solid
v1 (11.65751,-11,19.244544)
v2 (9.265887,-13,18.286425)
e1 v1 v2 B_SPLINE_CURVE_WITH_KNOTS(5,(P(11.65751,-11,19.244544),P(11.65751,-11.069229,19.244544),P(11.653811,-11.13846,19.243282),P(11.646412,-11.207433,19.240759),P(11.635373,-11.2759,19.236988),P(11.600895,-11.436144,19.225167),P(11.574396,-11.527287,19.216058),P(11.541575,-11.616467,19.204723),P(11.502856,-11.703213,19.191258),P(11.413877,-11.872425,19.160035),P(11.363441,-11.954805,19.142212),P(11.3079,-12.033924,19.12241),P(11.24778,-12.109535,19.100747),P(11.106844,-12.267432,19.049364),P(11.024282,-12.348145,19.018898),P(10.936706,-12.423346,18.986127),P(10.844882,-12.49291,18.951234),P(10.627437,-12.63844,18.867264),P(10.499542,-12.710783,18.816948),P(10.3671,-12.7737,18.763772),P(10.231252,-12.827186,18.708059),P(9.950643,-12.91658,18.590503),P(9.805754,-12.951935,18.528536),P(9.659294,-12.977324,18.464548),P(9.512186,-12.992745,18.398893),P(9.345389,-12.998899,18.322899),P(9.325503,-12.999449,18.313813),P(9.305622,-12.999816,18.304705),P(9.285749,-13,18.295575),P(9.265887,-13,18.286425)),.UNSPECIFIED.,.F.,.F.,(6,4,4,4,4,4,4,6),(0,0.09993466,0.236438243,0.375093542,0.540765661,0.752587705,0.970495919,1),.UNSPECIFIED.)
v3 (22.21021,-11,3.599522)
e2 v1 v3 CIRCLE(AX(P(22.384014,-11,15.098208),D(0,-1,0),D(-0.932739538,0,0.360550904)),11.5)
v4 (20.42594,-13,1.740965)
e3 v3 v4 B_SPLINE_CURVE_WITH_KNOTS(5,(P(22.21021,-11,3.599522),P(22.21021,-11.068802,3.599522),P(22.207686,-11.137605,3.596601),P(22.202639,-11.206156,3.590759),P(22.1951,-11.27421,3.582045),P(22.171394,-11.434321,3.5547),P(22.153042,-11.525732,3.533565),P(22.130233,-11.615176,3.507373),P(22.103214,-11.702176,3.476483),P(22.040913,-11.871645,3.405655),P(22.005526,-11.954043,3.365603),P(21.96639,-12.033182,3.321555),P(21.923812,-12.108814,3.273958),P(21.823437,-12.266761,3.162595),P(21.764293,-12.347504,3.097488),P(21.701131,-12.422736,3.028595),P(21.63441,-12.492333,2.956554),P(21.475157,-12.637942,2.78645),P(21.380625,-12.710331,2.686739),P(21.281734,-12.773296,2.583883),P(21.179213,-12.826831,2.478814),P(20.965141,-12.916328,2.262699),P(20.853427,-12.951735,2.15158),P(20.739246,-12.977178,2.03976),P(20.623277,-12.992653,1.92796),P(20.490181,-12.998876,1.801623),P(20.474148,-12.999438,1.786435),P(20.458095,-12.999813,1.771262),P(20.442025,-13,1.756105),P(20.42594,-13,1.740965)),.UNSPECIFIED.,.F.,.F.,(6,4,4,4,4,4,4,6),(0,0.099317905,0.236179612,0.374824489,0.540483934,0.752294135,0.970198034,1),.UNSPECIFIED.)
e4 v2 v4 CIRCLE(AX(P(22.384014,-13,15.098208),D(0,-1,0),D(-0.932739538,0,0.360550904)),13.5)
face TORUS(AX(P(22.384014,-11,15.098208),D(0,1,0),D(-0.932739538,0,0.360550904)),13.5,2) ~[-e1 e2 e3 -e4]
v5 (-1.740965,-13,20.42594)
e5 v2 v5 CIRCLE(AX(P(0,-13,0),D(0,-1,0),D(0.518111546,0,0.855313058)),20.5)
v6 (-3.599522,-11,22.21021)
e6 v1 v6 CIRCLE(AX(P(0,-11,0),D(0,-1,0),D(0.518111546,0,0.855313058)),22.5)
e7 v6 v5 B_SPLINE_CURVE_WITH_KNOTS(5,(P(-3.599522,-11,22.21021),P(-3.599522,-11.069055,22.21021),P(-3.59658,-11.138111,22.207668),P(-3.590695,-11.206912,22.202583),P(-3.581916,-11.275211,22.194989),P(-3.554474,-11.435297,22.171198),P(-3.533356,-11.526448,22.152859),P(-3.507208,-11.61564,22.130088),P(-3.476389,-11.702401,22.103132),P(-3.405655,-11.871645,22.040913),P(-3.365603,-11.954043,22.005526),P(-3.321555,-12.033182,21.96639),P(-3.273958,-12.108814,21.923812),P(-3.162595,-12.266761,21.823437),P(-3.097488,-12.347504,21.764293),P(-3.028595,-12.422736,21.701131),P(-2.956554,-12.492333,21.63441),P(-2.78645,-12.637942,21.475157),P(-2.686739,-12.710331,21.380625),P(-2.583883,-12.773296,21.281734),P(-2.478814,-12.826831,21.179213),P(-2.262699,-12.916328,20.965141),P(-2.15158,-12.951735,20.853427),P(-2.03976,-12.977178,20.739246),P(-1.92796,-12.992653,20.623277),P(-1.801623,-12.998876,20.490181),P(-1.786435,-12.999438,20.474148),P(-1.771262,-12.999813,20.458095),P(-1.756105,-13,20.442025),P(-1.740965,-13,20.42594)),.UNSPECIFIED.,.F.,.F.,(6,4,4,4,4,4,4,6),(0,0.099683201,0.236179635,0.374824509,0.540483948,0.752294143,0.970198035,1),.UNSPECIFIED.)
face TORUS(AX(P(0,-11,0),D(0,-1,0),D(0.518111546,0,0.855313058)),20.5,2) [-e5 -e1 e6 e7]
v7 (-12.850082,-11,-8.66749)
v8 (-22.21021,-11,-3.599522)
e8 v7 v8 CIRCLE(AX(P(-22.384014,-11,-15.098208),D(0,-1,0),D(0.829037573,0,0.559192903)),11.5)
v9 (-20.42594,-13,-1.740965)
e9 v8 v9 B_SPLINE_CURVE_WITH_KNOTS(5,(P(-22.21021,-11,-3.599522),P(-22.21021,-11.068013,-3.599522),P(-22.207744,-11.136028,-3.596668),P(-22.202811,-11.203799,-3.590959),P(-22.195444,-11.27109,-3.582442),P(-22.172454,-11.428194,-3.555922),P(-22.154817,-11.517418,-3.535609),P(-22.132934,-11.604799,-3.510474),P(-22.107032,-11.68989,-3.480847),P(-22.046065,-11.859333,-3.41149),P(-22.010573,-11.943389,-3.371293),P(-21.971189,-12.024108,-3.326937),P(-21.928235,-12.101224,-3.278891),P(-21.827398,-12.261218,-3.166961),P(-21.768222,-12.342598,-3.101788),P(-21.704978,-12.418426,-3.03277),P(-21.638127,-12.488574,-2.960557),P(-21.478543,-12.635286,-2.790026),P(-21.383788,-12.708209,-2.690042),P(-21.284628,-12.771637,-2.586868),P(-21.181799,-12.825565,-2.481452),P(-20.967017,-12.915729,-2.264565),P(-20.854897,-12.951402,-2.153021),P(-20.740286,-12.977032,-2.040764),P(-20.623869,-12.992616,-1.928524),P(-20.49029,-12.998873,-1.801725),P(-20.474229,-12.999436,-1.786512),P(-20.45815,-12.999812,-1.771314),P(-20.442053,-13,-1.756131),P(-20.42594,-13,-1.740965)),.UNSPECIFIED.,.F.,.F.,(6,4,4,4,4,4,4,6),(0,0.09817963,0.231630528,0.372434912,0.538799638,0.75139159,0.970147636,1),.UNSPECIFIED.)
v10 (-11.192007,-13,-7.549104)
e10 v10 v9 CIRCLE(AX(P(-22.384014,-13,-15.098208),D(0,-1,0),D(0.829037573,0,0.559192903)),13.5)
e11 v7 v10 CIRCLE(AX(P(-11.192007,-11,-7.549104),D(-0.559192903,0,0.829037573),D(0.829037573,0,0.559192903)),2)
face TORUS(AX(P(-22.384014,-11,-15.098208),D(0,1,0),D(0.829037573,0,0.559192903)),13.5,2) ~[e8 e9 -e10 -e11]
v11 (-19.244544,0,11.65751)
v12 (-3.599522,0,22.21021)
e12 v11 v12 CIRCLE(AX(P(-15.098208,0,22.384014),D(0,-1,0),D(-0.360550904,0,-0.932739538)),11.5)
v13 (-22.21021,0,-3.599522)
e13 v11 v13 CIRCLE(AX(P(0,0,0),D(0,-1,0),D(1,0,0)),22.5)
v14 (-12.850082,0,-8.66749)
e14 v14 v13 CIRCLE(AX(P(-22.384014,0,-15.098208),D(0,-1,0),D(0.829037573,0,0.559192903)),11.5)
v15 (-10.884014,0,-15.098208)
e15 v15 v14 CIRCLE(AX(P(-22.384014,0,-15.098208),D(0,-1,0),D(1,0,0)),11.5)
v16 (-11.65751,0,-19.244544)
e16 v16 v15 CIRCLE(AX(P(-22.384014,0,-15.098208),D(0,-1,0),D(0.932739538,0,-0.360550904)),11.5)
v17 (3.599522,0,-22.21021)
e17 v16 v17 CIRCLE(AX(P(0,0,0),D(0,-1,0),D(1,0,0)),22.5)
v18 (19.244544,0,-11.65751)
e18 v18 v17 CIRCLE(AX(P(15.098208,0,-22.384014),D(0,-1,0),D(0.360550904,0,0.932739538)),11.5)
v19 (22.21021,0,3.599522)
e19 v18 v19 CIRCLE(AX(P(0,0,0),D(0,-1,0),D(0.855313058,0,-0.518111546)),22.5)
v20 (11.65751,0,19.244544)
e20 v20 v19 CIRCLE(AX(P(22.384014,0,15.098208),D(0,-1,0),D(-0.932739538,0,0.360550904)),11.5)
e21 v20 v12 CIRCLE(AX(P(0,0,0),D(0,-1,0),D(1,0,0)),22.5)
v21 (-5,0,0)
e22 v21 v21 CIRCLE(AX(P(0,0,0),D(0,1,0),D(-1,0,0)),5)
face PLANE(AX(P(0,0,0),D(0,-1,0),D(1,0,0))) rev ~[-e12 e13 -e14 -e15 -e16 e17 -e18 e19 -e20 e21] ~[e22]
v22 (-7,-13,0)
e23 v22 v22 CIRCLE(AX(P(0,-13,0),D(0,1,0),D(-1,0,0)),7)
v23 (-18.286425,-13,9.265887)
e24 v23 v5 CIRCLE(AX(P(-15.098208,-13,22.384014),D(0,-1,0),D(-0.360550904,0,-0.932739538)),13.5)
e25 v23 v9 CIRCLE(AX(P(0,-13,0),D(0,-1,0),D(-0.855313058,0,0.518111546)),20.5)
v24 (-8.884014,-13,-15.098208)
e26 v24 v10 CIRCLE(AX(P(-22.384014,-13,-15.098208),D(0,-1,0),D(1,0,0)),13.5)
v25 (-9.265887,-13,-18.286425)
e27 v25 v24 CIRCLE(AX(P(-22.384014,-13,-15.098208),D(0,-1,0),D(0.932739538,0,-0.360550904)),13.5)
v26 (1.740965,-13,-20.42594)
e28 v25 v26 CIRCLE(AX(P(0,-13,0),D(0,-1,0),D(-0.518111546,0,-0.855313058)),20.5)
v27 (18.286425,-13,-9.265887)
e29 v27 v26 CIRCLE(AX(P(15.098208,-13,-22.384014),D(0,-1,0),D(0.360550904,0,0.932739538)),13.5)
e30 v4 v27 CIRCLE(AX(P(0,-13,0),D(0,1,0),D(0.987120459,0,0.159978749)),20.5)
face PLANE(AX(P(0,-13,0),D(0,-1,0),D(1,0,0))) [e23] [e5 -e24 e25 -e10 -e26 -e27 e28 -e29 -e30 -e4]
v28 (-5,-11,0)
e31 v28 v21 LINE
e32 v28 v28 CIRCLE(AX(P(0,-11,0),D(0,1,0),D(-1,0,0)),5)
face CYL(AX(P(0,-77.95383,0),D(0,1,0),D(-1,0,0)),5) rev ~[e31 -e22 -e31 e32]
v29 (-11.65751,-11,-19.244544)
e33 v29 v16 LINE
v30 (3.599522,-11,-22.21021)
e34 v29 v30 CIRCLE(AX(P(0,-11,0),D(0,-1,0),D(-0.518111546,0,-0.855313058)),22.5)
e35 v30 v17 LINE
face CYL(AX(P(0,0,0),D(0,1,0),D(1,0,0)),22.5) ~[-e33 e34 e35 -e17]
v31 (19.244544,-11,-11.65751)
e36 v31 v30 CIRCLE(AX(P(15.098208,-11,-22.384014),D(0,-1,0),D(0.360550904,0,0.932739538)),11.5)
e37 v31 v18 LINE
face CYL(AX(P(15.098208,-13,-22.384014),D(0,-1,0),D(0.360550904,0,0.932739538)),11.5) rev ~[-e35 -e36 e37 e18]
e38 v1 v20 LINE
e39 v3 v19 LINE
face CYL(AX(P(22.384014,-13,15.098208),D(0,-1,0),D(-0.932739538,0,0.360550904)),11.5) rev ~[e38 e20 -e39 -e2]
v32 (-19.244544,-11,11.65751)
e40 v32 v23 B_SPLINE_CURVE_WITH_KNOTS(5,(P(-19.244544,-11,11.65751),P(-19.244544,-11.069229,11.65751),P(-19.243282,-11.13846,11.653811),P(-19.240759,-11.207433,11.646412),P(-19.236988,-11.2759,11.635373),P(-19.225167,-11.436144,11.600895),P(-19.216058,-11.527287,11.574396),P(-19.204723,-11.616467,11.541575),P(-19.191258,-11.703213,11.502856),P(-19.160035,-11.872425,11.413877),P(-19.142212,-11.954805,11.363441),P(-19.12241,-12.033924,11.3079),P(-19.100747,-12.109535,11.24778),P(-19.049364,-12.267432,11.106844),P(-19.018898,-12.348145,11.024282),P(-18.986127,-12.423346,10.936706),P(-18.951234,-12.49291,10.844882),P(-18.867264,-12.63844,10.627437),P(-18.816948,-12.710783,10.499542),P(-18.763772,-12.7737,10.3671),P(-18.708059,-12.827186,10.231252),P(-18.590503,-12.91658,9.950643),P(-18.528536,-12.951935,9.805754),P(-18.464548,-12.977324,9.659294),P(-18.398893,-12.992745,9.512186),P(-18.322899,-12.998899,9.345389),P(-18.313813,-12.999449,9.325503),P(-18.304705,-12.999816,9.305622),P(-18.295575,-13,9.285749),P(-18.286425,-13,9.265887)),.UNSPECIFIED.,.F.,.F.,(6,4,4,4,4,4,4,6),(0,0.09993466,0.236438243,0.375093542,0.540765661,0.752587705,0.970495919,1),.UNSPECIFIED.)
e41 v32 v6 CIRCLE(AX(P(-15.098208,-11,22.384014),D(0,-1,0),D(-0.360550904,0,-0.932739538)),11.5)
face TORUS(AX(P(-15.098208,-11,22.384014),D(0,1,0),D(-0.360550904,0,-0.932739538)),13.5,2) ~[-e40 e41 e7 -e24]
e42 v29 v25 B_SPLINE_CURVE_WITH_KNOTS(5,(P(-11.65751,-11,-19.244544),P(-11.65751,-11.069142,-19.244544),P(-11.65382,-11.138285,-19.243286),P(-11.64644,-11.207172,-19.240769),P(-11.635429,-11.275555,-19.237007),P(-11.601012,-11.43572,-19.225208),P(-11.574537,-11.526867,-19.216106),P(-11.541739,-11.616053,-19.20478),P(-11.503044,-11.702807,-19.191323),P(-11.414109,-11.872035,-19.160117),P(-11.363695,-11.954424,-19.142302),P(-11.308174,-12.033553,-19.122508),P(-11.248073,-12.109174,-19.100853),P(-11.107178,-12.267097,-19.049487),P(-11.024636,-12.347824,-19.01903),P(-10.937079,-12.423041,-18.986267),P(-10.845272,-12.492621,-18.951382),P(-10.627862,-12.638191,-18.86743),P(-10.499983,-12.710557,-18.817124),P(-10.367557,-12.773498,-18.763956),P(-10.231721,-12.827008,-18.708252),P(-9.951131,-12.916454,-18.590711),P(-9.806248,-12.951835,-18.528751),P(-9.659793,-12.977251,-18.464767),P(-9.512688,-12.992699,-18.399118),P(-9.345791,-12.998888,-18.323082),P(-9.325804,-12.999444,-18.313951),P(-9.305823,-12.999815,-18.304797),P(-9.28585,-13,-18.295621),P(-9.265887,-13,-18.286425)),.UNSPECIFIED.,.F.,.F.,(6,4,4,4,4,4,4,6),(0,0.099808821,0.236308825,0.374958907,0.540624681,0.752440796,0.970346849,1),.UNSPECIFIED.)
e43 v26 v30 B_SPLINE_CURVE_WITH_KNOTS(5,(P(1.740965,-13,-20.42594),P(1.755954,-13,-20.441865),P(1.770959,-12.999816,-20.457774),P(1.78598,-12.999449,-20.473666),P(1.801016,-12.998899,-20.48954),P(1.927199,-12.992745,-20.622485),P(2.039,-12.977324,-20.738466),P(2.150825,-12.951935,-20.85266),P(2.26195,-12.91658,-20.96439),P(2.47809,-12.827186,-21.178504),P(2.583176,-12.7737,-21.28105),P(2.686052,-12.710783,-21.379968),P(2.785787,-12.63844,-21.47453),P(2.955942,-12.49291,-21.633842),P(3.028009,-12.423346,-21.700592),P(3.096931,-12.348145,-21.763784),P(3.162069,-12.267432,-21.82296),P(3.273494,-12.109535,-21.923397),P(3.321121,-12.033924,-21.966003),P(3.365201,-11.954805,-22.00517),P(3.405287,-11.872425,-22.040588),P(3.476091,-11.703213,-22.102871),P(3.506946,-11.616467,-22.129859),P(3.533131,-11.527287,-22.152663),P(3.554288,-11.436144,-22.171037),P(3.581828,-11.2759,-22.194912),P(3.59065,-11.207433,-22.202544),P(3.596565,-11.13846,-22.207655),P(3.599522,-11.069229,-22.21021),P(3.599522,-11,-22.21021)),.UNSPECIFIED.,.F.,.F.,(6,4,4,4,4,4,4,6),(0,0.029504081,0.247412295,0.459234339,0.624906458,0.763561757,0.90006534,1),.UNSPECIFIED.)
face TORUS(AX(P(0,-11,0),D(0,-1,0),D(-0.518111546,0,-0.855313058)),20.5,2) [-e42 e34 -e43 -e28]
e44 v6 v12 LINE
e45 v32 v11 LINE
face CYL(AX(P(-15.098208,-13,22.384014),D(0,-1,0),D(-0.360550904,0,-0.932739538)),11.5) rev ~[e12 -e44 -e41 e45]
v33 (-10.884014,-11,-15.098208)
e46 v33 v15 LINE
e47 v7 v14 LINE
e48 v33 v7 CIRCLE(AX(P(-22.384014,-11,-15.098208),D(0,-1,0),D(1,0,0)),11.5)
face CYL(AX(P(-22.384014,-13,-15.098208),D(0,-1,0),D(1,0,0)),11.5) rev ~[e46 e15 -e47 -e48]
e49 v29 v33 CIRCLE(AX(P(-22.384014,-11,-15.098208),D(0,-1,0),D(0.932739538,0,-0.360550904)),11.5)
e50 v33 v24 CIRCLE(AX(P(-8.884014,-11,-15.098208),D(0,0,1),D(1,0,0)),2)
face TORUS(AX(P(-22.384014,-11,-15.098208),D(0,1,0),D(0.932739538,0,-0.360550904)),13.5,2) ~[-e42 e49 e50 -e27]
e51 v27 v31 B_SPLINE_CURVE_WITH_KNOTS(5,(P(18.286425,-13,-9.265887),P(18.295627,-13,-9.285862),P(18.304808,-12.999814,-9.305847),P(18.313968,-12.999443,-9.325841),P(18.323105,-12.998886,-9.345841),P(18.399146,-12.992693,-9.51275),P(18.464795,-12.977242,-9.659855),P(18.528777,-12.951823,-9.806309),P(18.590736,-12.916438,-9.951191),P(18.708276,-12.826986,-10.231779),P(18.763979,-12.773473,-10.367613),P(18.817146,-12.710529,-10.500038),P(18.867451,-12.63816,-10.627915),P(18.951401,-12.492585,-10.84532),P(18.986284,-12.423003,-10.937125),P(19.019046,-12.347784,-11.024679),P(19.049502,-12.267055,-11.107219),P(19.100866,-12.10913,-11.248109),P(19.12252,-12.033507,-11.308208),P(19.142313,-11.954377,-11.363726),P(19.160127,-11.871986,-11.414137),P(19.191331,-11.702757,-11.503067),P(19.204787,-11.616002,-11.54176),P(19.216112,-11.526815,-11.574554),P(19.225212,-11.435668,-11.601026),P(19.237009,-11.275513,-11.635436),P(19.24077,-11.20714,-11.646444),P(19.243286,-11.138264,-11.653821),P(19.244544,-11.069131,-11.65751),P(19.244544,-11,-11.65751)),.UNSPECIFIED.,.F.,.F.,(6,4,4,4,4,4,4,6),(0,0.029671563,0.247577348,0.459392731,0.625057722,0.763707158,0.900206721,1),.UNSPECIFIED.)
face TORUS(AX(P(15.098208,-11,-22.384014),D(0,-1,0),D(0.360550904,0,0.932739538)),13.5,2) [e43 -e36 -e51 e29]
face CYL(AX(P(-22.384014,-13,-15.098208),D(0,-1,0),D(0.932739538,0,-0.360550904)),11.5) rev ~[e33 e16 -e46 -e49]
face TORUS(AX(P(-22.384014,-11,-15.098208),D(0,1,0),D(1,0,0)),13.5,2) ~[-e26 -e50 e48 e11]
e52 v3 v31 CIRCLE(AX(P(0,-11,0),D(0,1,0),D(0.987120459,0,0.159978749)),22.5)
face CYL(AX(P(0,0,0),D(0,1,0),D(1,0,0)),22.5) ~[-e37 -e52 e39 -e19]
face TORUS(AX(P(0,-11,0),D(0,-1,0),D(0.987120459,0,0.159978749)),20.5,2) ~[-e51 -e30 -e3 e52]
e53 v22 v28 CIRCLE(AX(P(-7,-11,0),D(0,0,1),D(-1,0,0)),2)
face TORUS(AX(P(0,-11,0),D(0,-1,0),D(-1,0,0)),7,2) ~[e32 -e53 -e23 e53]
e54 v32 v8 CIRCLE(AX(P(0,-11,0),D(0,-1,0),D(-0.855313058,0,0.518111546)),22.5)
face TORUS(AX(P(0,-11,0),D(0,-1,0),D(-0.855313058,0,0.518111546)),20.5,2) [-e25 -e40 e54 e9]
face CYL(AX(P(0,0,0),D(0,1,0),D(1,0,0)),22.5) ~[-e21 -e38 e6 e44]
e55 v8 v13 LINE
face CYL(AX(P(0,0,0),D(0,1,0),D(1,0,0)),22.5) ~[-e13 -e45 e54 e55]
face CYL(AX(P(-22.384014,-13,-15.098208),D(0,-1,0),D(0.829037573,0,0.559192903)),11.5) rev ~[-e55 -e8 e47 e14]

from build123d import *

# Parameters (mm, degrees)
F0_R     = 22.5
F1_DEPTH = 13
F3_D     = 10
F5_DEPTH = 25
F6_R     = 2


with BuildPart() as f1:
    # F0 (on Front) → F1 (new body)
    with BuildSketch(Plane.XZ):
        Circle(F0_R)
    extrude(amount=F1_DEPTH)

    # F3 (through all)
    with Locations(Plane.XZ.offset(13)):
        with Locations((0, 0)):
            Hole(F3_D / 2)

    # F4 (on face) → F5 (cut)
    with BuildSketch(Plane.XZ.offset(13)):
        with BuildLine():
            Line((-18.6533453825, -12.5818403281), (-12.8500823746, -8.6674900038))
            ThreePointArc((-12.8500823746, -8.6674900038), (-16.9085134828, -4.9854002249), (-22.2102103191, -3.5995218548))
            ThreePointArc((-22.2102103191, -3.5995218548), (-20.9195615975, -8.2838362229), (-18.6533453825, -12.5818403281))
        make_face()
        with BuildLine():
            ThreePointArc((-11.6575097746, -19.2445437944), (-11.0790420161, -17.2071413146), (-10.884014459, -15.0982083937))
            ThreePointArc((-10.884014459, -15.0982083937), (-11.3865097654, -11.7359337894), (-12.8500823746, -8.6674900038))
            Line((-12.8500823746, -8.6674900038), (-18.6533453825, -12.5818403281))
            ThreePointArc((-18.6533453825, -12.5818403281), (-15.5172449055, -16.29310009), (-11.6575097746, -19.2445437944))
        make_face()
        with BuildLine():
            ThreePointArc((19.2445437944, -11.6575097746), (8.6674900038, -12.8500823746), (3.5995218548, -22.2102103191))
            ThreePointArc((3.5995218548, -22.2102103191), (12.5818403281, -18.6533453825), (19.2445437944, -11.6575097746))
        make_face()
        with BuildLine():
            ThreePointArc((22.2102103191, 3.5995218548), (18.6533453825, 12.5818403281), (11.6575097746, 19.2445437944))
            ThreePointArc((11.6575097746, 19.2445437944), (12.8500823746, 8.6674900038), (22.2102103191, 3.5995218548))
        make_face()
        with BuildLine():
            ThreePointArc((-3.5995218548, 22.2102103191), (-12.5818403281, 18.6533453825), (-19.2445437944, 11.6575097746))
            ThreePointArc((-19.2445437944, 11.6575097746), (-8.6674900038, 12.8500823746), (-3.5995218548, 22.2102103191))
        make_face()
    extrude(amount=-F5_DEPTH, mode=Mode.SUBTRACT)

    # F6
    f6_edges = [f1.edges().sort_by_distance(p)[0] for p in [
        (8.66749, -13, -12.850082),
        (22.086612, -13, -4.293202),
        (12.850082, -13, 8.66749),
        (4.293202, -13, 22.086612),
        (-8.66749, -13, 12.850082),
        (-22.086612, -13, 4.293202),
        (-12.850082, -13, -8.66749),
        (-4.293202, -13, -22.086612),
        (-5, -13, 0),
    ]]
    fillet(f6_edges, radius=F6_R)


solid = f1.part
